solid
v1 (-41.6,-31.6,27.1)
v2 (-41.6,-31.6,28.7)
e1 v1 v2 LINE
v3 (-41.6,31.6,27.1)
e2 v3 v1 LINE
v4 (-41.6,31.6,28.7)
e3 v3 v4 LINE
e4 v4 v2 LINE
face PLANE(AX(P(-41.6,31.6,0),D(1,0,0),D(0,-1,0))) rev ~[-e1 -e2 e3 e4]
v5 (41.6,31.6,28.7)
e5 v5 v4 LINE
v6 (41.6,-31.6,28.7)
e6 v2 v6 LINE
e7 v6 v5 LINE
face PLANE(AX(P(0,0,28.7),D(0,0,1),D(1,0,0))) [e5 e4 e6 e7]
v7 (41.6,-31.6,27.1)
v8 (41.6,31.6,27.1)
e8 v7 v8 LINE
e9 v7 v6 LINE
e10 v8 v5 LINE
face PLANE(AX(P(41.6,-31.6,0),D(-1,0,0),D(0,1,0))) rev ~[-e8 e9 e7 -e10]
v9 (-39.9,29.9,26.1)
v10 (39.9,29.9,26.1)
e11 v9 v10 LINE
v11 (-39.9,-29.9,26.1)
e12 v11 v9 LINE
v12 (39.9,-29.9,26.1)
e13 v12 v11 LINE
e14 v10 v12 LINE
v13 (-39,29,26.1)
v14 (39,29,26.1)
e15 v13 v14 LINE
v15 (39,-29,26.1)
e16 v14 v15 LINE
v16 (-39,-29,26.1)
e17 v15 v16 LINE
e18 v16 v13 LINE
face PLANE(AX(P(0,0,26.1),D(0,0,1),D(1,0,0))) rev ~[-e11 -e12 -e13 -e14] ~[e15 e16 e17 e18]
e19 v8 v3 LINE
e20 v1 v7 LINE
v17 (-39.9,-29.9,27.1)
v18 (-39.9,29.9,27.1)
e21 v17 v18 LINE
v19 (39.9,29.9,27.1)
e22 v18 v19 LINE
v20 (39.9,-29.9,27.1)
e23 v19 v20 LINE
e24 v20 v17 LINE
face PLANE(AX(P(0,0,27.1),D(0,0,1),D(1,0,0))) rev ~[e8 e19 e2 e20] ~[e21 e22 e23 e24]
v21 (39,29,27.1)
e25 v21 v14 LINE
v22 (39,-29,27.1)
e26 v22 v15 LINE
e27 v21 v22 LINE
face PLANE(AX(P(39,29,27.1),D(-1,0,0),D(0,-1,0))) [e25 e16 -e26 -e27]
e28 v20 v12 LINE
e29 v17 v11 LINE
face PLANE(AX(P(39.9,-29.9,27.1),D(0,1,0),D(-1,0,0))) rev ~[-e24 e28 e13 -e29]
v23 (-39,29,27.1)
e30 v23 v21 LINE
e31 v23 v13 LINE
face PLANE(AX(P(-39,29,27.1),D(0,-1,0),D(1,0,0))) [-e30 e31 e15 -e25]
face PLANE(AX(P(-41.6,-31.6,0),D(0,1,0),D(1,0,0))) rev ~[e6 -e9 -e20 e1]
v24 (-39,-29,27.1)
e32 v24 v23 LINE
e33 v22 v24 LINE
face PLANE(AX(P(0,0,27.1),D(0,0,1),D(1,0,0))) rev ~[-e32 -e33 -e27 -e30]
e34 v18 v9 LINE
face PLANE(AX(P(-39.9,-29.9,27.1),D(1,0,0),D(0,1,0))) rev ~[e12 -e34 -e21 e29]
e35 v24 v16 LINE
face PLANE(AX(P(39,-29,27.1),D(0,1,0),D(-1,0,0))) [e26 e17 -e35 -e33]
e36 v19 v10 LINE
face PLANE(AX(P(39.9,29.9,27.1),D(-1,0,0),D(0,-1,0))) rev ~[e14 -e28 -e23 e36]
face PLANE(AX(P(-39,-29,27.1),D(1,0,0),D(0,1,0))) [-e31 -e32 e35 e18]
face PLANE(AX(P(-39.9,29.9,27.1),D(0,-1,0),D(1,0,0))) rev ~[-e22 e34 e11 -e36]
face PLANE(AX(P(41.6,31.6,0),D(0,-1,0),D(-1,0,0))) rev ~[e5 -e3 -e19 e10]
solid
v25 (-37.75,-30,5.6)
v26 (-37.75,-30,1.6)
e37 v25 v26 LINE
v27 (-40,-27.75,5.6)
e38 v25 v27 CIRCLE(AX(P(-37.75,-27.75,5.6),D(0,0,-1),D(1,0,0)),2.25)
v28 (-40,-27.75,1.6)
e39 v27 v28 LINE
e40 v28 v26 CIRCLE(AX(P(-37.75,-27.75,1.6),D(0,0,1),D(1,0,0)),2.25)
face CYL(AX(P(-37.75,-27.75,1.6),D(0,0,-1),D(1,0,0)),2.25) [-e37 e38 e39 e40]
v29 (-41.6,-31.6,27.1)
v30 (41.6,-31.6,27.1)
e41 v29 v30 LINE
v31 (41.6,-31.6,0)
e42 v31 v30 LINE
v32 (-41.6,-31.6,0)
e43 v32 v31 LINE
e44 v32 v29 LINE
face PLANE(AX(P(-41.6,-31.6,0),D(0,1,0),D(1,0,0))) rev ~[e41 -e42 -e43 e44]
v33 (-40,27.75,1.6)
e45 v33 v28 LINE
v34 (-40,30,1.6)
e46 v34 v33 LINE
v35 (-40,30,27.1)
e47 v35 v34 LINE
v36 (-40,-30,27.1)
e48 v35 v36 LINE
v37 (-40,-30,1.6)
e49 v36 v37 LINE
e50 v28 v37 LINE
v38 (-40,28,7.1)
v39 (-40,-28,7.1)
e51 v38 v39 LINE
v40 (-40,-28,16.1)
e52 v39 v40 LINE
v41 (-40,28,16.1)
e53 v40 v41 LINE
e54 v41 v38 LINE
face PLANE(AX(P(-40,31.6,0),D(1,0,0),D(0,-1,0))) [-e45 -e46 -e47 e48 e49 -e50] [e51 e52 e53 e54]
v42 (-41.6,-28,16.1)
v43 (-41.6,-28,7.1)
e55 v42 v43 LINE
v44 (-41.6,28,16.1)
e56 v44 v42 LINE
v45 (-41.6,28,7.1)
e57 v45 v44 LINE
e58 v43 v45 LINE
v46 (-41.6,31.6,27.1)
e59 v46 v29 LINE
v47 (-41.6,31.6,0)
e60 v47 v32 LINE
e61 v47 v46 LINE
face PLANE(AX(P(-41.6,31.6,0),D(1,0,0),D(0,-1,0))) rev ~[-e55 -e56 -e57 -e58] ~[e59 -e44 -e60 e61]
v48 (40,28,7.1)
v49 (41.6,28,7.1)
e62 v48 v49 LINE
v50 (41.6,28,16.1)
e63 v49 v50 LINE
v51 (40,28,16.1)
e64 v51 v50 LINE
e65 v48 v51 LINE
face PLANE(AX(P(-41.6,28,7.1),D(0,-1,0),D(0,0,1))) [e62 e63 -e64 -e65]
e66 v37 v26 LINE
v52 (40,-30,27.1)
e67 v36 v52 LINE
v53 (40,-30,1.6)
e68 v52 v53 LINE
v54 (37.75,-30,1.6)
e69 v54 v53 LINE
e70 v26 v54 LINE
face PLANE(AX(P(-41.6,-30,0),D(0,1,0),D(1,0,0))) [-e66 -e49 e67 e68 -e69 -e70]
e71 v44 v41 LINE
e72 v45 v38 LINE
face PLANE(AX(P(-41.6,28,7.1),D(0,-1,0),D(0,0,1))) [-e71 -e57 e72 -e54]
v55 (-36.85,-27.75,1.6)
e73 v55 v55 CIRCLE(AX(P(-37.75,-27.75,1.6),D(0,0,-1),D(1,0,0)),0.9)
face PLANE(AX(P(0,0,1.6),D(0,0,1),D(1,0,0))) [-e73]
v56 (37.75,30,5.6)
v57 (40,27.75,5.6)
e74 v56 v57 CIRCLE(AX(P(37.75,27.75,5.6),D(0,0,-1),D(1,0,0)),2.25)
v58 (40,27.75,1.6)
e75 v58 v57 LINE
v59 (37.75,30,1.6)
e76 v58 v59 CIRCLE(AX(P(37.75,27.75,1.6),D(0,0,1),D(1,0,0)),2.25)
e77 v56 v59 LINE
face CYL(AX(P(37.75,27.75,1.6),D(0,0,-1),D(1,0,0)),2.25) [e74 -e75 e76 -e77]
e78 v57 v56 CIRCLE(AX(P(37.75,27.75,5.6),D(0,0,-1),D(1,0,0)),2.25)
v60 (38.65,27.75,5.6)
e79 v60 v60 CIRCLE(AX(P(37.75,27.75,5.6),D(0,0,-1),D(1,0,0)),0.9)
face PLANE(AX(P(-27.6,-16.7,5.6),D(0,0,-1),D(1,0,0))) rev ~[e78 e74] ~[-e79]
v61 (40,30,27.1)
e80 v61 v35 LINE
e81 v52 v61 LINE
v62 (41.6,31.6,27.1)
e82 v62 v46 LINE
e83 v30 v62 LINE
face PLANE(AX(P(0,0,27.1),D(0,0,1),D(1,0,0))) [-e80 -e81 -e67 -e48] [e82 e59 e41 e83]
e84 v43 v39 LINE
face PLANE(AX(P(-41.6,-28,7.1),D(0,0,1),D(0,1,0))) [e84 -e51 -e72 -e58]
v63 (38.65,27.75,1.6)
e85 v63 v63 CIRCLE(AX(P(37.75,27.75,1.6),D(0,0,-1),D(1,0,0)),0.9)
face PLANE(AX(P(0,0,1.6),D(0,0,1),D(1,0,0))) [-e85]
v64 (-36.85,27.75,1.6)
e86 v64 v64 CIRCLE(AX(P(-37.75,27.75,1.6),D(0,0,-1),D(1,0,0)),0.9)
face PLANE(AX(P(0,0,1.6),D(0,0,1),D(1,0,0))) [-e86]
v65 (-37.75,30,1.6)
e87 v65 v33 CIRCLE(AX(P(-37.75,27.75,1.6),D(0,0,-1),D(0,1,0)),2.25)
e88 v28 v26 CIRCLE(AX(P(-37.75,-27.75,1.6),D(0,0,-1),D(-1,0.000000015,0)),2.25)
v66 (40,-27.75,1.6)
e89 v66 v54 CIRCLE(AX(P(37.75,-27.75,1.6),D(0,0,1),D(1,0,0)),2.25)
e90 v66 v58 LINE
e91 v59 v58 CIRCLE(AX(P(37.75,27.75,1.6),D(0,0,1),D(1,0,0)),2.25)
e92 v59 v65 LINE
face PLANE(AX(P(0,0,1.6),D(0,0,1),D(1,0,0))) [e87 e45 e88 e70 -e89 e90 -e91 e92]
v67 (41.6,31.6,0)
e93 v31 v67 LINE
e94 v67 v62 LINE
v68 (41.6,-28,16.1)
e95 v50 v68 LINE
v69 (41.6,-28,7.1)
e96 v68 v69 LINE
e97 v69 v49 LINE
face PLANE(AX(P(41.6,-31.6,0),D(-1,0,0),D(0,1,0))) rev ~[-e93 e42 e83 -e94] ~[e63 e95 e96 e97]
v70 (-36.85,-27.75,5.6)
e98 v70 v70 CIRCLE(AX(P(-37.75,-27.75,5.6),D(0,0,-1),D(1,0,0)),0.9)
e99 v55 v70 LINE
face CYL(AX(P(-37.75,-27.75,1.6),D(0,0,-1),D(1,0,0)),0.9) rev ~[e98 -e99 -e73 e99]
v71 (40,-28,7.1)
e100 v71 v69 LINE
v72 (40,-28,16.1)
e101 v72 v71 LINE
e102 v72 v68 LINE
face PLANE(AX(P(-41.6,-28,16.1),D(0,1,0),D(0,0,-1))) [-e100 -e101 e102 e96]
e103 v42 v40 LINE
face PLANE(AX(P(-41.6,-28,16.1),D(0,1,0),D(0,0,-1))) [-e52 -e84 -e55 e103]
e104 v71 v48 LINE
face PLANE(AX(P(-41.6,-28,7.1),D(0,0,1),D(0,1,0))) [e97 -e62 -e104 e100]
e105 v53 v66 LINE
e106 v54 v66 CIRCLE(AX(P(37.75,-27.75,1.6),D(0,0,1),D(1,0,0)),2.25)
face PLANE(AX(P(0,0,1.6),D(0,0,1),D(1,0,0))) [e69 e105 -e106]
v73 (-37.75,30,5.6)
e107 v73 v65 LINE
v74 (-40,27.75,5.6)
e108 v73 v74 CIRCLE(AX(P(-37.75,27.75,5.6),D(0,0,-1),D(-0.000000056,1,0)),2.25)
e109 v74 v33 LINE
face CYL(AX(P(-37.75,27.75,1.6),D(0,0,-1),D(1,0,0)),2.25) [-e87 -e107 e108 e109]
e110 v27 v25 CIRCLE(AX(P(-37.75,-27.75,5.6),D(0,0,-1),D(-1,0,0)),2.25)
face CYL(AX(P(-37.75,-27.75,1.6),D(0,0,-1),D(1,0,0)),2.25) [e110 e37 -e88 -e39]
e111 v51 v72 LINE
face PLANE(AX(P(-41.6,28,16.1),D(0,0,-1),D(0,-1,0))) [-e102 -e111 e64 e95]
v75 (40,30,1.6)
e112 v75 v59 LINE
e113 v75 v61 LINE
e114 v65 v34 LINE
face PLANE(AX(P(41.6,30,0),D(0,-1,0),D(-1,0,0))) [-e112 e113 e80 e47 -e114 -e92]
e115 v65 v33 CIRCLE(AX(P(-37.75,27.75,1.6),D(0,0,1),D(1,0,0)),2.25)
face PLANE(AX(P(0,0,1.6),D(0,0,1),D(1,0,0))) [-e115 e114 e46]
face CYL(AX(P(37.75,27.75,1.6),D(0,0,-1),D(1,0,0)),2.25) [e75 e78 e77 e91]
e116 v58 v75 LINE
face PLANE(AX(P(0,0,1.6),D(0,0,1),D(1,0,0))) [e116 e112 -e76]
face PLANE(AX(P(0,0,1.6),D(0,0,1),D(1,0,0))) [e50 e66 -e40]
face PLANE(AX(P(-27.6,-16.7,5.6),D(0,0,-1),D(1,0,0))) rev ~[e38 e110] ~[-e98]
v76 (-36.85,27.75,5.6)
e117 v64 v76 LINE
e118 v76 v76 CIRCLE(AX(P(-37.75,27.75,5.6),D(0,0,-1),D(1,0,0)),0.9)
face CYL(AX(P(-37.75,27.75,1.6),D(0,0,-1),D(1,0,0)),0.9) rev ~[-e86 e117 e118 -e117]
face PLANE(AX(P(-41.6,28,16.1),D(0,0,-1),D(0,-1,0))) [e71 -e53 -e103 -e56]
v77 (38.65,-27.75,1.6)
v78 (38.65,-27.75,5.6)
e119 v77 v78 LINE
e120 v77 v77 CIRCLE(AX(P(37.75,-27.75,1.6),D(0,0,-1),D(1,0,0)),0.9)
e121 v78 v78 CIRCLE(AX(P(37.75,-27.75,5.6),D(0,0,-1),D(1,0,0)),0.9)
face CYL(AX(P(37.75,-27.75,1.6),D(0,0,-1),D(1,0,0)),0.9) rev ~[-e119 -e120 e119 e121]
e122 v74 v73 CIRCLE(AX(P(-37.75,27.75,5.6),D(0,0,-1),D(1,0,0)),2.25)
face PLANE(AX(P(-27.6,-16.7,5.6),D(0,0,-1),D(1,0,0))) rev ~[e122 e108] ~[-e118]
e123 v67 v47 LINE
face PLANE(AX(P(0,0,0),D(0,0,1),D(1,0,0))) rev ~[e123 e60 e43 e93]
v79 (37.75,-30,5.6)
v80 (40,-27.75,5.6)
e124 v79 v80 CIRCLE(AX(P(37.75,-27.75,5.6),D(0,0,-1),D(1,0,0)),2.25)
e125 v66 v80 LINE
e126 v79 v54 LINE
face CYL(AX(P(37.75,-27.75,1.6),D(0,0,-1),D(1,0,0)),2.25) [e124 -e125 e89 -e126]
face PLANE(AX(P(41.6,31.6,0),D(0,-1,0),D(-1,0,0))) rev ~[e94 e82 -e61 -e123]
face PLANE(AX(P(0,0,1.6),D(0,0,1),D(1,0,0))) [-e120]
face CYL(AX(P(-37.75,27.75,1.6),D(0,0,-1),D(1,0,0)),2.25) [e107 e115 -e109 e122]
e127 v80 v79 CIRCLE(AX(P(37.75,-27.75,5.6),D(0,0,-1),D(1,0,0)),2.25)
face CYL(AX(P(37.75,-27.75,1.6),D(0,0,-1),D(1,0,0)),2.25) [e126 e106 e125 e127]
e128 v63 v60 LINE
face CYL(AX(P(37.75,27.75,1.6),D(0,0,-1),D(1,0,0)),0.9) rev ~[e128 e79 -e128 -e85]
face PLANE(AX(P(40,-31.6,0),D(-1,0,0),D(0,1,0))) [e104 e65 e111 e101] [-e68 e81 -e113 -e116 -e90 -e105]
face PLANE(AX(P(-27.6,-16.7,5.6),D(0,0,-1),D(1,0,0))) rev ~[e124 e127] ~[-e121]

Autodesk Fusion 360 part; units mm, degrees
sketch "Base" plane through (0, 0, 0) normal (0, 0, 1) x (1, 0, 0)
  line L0 (41.6, 31.6) -> (-41.6, 31.6)
  line L1 (-41.6, 31.6) -> (-41.6, -31.6)
  line L2 (-41.6, -31.6) -> (41.6, -31.6)
  line L3 (41.6, -31.6) -> (41.6, 31.6)
  line L4 (41.6, 31.6) -> (-41.6, -31.6) construction
  line L5 (-41.6, 31.6) -> (41.6, -31.6) construction
  point P0 (-41.6, 0)
  dimension "d1" = 83.2
  dimension "d2" = 63.2
extrude "Extrusion1" add sketch "Base" along normal blind 28.7 makes body 1
shell "Schale1" thickness 1.6 removed faces 0 bodies 1
ref_plane "Arbeitsebene1" through (-40, -30, 1.6) normal (0, 0, -1) x (-1, 0, 0)
sketch "Skizze3" plane through (-27.6, -16.7, 1.6) normal (0, 0, -1) x (1, 0, 0)
  line L0 (-12.4, 13.3) -> (67.6, 13.3)
  line L1 (-12.4, -46.7) -> (-12.4, 13.3)
  circle A0 centre (-10.15, 11.05) radius 2.25
  line L2 (67.6, -46.7) -> (-12.4, -46.7)
  circle A1 centre (-10.15, -44.45) radius 2.25
  line L3 (67.6, 13.3) -> (67.6, -46.7)
  circle A2 centre (65.35, -44.45) radius 2.25
  circle A3 centre (65.35, 11.05) radius 2.25
  circle A4 centre (-10.15, 11.05) radius 0.9
  circle A5 centre (-10.15, -44.45) radius 0.9
  circle A6 centre (65.35, -44.45) radius 0.9
  circle A7 centre (65.35, 11.05) radius 0.9
  dimension "d7" = 2.25
  dimension "d8" = 2.25
  dimension "d9" = 2.25
  dimension "d10" = 2.25
  dimension "d19" = 1.8
  dimension "d20" = 1.8
  dimension "d21" = 1.8
  dimension "d22" = 1.8
extrude "Extrusion2" add sketch "Skizze3" against normal blind 4 contours A0 | A3 | A1 | A2 bodies 1
ref_plane "Arbeitsebene2" through (0, 0, 27.1) normal (0, 0, 1) x (1, 0, 0)
split "Teilen1" by plane through (0, 0, 27.1) normal (0, 0, 1) bodies 1 makes body 2 at (-13.8667, 10.5333, 28.7)
sketch "Skizze6" plane through (0, 0, 27.1) normal (0, 0, 1) x (1, 0, 0)
  line L0 (40, -30) -> (-40, -30)
  line L1 (-40, -30) -> (-40, 30)
  line L2 (-40, 30) -> (40, 30)
  line L3 (40, 30) -> (40, -30)
  line L4 (-41.6, -31.6) -> (41.6, -31.6)
  line L5 (41.6, -31.6) -> (41.6, 31.6)
  line L6 (41.6, 31.6) -> (-41.6, 31.6)
  line L7 (-41.6, 31.6) -> (-41.6, -31.6)
sketch "Skizze7" plane through (0, 0, 27.1) normal (0, 0, 1) x (1, 0, 0)
  line L0 (40, -30) -> (-40, -30)
  line L1 (-40, -30) -> (-40, 30)
  line L2 (-40, 30) -> (40, 30)
  line L3 (40, 30) -> (40, -30)
  line L4 (-41.6, -31.6) -> (41.6, -31.6)
  line L5 (41.6, -31.6) -> (41.6, 31.6)
  line L6 (41.6, 31.6) -> (-41.6, 31.6)
  line L7 (-41.6, 31.6) -> (-41.6, -31.6)
  line L8 (-39.9, 29.9) -> (39.9, 29.9)
  line L9 (39.9, 29.9) -> (39.9, -29.9)
  line L10 (39.9, -29.9) -> (-39.9, -29.9)
  line L11 (-39.9, -29.9) -> (-39.9, 29.9)
  line L12 (-39, 29) -> (39, 29)
  line L13 (39, 29) -> (39, -29)
  line L14 (39, -29) -> (-39, -29)
  line L15 (-39, -29) -> (-39, 29)
  point P0 (-40, -30)
  dimension "d34" = 0.1
  dimension "d35" = 1
extrude "Extrusion5" add sketch "Skizze7" against normal blind 1 contours L8 L9 L10 L11 bodies 2
sketch "Hole" plane through (-41.6, 0, 0) normal (-1, 0, 0) x (0, -1, 0)
  line L0 (-31.6, 0) -> (31.6, 0)
  line L1 (31.6, 0) -> (31.6, 27.1)
  line L2 (31.6, 28.7) -> (-31.6, 28.7)
  line L3 (-31.6, 27.1) -> (-31.6, 0)
  line L4 (-28, 16.1) -> (28, 16.1)
  line L5 (28, 16.1) -> (28, 7.1)
  line L6 (28, 7.1) -> (-28, 7.1)
  line L7 (-28, 7.1) -> (-28, 16.1)
  line L8 (27.75, 1.6) -> (30, 1.6)
  line L9 (-27.75, 1.6) -> (27.75, 1.6)
  line L10 (-30, 1.6) -> (-27.75, 1.6)
  line L11 (31.6, 27.1) -> (-31.6, 27.1)
  line L12 (-31.6, 27.1) -> (31.6, 27.1)
  line L13 (31.6, 27.1) -> (31.6, 28.7)
  line L14 (-31.6, 28.7) -> (-31.6, 27.1)
  point P0 (0, 7.1)
  dimension "d13" = 56
  dimension "d14" = 9
  dimension "d40" = 7.1
extrude "Extrusion3" cut sketch "Hole" against normal blind 83.2 contours L4 L5 L6 L7 bodies 1
equation "d1 = pcb_length + 2 * wall_thickness"
equation "d2 = pcb_width + 2 * wall_thickness"
equation "d3 = case_internal_height + 2 * wall_thickness"
equation "d5 = wall_thickness"
equation "wall_thickness = 1.6 mm"
equation "d7 = socket_width / 2"
equation "d8 = socket_width / 2"
equation "d9 = socket_width / 2"
equation "d10 = socket_width / 2"
equation "d11 = -pcb_space_below"
equation "d13 = pcb_width - ( 2 * 2 ) * 1 mm"
equation "d14 = hole_height"
equation "d17 = -2 * wall_thickness - pcb_length"
equation "d19 = socket_hole_with"
equation "d20 = socket_hole_with"
equation "d21 = socket_hole_with"
equation "d22 = socket_hole_with"
equation "d23 = -wall_thickness"
equation "pcb_width = 60 mm"
equation "pcb_length = 80 mm"
equation "case_internal_height = pcb_space_above + pcb_space_below + pcb_thickness" comment "max. 33mm in front, 40mm in back side"
equation "pcb_space_below = 4 mm"
equation "pcb_thickness = 1.5 mm"
equation "pcb_space_above = 20 mm"
equation "socket_hole_with = 1.8 mm"
equation "socket_width = 4.5 mm" comment "measured from walls"
equation "d40 = wall_thickness + pcb_space_below + pcb_thickness"
equation "hole_height = 9 mm" comment "for usb and cables"
